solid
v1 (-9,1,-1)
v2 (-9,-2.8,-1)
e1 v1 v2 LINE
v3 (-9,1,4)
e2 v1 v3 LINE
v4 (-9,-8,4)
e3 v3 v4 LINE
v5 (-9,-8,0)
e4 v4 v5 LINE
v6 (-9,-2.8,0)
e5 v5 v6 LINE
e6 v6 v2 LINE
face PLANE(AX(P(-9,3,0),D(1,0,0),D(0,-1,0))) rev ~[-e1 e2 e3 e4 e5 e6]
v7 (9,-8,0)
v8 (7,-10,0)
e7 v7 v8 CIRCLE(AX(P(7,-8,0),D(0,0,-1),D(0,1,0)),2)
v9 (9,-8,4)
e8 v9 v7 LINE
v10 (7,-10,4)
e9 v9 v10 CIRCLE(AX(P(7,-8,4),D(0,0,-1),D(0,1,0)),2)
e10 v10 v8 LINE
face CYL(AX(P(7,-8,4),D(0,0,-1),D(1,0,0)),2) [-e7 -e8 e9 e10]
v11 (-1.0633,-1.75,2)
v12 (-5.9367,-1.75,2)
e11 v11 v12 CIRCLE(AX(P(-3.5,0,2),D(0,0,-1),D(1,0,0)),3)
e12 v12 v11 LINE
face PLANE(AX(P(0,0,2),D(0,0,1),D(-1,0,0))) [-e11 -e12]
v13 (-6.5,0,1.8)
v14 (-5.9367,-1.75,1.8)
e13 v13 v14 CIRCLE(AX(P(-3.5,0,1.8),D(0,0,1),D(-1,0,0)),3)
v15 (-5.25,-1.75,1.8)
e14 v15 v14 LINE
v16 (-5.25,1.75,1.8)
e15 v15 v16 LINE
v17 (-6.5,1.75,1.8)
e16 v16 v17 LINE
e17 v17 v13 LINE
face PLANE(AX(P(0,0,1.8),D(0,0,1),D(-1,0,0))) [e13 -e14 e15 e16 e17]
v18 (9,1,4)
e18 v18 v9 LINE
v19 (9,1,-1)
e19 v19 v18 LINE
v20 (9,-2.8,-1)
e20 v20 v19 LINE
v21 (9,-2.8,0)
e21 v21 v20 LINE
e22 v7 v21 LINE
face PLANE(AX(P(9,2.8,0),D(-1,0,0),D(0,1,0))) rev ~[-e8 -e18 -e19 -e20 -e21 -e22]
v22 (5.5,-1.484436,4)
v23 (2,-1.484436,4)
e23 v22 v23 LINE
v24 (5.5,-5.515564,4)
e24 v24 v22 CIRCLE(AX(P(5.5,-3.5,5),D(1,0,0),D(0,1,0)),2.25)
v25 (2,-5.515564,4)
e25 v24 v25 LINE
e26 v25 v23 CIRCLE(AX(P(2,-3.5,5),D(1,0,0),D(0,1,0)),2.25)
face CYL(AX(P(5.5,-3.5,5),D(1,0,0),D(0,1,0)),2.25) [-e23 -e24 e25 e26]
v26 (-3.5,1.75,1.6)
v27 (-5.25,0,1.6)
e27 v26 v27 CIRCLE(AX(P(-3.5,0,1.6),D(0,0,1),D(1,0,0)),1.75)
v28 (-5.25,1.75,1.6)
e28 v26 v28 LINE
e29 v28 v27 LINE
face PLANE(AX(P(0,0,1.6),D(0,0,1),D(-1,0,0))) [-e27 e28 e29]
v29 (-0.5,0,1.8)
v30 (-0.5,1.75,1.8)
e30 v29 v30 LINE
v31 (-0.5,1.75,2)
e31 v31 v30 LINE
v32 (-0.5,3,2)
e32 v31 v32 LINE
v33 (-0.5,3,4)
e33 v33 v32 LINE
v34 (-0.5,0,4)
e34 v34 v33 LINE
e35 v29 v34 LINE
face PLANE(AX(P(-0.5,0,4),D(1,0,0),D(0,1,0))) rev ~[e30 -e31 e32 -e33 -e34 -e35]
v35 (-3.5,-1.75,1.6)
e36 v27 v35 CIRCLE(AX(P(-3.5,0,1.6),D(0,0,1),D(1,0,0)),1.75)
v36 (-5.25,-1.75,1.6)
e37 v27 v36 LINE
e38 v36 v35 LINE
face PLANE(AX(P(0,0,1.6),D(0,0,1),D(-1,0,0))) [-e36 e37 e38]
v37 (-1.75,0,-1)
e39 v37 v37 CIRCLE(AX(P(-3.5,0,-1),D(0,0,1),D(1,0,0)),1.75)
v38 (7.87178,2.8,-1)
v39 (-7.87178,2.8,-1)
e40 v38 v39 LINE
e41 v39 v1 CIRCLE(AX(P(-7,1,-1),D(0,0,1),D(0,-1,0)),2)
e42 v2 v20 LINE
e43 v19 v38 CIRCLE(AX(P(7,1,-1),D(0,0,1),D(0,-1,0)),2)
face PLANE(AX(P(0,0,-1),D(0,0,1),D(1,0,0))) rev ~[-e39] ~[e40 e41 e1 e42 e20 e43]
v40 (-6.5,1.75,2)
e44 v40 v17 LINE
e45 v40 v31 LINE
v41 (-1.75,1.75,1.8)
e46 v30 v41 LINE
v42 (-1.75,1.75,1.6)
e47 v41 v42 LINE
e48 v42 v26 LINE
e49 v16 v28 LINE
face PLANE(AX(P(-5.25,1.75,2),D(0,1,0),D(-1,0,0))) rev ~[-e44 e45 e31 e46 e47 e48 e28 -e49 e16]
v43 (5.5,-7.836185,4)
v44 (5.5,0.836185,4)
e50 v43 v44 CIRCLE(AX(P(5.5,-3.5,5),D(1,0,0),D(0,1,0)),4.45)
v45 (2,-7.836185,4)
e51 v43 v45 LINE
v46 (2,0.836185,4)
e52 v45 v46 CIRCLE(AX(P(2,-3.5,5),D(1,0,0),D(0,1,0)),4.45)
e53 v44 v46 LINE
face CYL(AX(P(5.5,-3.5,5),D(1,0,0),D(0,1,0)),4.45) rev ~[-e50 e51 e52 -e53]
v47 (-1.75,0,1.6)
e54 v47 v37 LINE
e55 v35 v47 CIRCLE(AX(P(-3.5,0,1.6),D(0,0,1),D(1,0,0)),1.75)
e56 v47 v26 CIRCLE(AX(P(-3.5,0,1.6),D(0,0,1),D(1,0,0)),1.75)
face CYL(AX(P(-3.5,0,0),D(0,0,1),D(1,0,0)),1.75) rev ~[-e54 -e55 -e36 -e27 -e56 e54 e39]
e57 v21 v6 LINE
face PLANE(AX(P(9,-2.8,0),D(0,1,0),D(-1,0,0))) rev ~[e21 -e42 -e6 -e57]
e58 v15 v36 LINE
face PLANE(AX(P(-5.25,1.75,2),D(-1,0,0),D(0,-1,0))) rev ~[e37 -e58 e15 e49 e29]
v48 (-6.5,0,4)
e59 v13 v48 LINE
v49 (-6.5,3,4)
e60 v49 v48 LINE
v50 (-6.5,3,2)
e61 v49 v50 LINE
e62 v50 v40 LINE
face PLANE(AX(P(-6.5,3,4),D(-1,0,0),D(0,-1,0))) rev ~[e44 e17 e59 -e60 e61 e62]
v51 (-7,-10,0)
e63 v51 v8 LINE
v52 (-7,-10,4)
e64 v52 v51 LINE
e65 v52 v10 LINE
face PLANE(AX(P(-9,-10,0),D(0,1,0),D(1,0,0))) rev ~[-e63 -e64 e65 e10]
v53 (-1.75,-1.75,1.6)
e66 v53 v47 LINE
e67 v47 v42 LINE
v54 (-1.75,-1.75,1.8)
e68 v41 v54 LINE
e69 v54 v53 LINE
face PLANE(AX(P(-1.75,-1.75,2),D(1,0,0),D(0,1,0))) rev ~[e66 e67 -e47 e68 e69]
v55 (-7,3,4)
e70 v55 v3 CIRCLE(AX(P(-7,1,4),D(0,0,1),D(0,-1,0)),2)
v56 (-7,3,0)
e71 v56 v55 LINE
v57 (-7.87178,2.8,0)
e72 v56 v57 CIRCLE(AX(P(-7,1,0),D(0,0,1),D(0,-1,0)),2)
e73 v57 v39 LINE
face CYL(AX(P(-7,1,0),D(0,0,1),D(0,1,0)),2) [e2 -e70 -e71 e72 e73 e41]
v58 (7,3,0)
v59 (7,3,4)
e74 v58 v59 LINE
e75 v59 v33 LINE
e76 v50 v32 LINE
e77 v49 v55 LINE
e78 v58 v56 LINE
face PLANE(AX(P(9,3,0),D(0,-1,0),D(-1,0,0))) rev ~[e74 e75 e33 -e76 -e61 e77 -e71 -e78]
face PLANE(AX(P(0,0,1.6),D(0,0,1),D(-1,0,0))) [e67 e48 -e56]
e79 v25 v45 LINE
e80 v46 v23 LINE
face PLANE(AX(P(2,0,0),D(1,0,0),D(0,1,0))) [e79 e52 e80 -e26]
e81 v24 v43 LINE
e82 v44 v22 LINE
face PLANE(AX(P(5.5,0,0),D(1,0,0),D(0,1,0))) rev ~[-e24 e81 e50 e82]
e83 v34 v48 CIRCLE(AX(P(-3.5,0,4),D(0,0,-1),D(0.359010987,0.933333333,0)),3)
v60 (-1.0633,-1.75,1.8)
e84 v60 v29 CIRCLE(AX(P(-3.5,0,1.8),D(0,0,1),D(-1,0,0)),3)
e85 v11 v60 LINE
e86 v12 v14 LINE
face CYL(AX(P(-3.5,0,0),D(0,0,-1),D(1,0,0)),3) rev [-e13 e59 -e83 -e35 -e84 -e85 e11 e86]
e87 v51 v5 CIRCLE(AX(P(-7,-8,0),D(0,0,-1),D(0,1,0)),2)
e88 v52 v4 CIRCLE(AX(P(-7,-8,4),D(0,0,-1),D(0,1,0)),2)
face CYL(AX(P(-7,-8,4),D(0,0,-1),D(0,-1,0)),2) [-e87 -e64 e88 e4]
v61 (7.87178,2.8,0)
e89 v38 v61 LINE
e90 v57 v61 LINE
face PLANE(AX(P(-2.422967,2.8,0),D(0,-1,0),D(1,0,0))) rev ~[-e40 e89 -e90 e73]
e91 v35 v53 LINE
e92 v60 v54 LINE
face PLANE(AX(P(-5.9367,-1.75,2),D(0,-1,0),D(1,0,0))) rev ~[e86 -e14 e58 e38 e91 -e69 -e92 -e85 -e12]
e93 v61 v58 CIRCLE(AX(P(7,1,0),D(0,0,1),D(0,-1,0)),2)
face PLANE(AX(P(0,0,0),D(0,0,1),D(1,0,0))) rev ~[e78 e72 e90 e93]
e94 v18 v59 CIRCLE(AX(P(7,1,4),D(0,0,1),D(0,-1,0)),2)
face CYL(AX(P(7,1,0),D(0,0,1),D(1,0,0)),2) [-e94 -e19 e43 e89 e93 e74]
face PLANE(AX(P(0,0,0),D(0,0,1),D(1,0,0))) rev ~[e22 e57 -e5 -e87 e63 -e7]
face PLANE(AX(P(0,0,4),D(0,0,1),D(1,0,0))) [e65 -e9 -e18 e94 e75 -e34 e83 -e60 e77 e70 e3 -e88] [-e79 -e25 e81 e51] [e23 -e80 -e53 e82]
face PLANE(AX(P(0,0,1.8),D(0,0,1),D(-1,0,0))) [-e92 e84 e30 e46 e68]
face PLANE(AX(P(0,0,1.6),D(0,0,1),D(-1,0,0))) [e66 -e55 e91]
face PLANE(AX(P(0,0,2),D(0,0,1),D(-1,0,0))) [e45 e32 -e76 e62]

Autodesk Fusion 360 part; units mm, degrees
sketch "Sketch1" plane through (0, 0, 0) normal (0, 0, 1) x (1, 0, 0)
  line L0 (9, 3) -> (-9, 3)
  line L1 (-9, 3) -> (-9, -10)
  line L2 (-9, -10) -> (9, -10)
  line L3 (9, -10) -> (9, 3)
  circle A0 centre (-3.5, 0) radius 1.75
  circle A1 centre (-3.5, 0) radius 3
  line L4 (9, -2.8) -> (-9, -2.8)
  line L5 (-9, -2.8) -> (-9, 2.8)
  line L6 (-9, 2.8) -> (9, 2.8)
  line L7 (9, 2.8) -> (9, -2.8)
  line L8 (9, -2.8) -> (-9, 2.8) construction
  line L9 (-9, -2.8) -> (9, 2.8) construction
  dimension "d1" = 18
  dimension "d2" = 13
  dimension "d5" = 3.5
  dimension "d6" = 6
  dimension "d9" = 5.6
  dimension "d12" = 3.5
  dimension "d23" = 3
extrude "Extrude1" add sketch "Sketch1" along normal blind 2
extrude "Extrude2" add sketch "Sketch1" along normal blind 4 contours L0 L3 A1 L6 | L0 L1 A1 L6 | L3 A1 L4 L6 L7 | L1 A1 L4 L5 L6 | L1 L2 L3 A1 L4
extrude "Extrude3" add sketch "Sketch1" against normal blind 1 contours L3 A1 L4 L6 L7 | A1 L4 L6 | L1 A1 L4 L5 L6
sketch "Sketch2" plane through (9, 0, 0) normal (1, 0, 0) x (0, 1, 0)
  line L0 (-10, 0) -> (-2.8, 0)
  line L1 (-2.8, 0) -> (-2.8, -1)
  line L2 (-2.8, -1) -> (2.8, -1)
  line L3 (2.8, -1) -> (2.8, 0)
  line L4 (2.8, 0) -> (3, 0)
  line L5 (3, 0) -> (3, 4)
  line L6 (3, 4) -> (-10, 4)
  line L7 (-10, 4) -> (-10, 0)
  circle A0 centre (-3.5, 5) radius 2.25
  circle A1 centre (-3.5, 5) radius 4.45
  line L8 (-10, 0) -> (3, 0)
  line L9 (-3.5, 4) -> (-3.5, 5) construction
  dimension "d13" = 4.5
  dimension "d14" = 2.2
  dimension "d18" = 5
extrude "Extrude4" cut sketch "Sketch2" against normal blind 3.5 from surface at -3.5 contours L6 A0 A1 picked at (-3.7762, 1.3019)
sketch "Sketch3" plane through (0, 0, 4) normal (0, 0, 1) x (-1, 0, 0)
  line L0 (-2, 5.5156) -> (-5.5, 5.5156)
  line L1 (-5.5, 5.5156) -> (-5.5, 7.8362)
  line L2 (-5.5, 7.8362) -> (-2, 7.8362)
  line L3 (-2, 7.8362) -> (-2, 5.5156)
  line L4 (-5.5, 1.4844) -> (-2, 1.4844)
  line L5 (-2, 1.4844) -> (-2, -0.8362)
  line L6 (-2, -0.8362) -> (-5.5, -0.8362)
  line L7 (-5.5, -0.8362) -> (-5.5, 1.4844)
  line L8 (-9, 10) -> (-9, -3)
  line L9 (-9, -3) -> (3.5, -3)
  circle A0 centre (3.5, 0) radius 3
  line L10 (3.5, -3) -> (9, -3)
  line L11 (9, -3) -> (9, 10)
  line L12 (9, 10) -> (-9, 10)
  line L13 (0.5, 0) -> (0.5, -5.3952)
  arc A1 (0.5, -5.3952) -> (6.5, -5.3952) centre (3.5, -5.3952) ccw
  line L14 (6.5, -5.3952) -> (6.5, 0)
  arc A2 (6.5, 0) -> (0.5, 0) centre (3.5, 0) ccw
  line L15 (3.5, 0) -> (3.5, -5.3952) construction
extrude "Extrude5" cut sketch "Sketch3" against normal up to surface (2 mm away) contours L9 A0 L13 | A0 L10 L14
fillet "Fillet1" radius 2 4 edges at (-9, -10, 2) (9, -10, 2) (9, 3, 2) (-9, 3, 2)
sketch "Sketch4" plane through (0, 0, 2) normal (0, 0, 1) x (-1, 0, 0)
  arc A0 (6.5, 0) -> (0.5, 0) centre (3.5, 0) ccw
  line L0 (0.5, 0) -> (0.5, -3)
  line L1 (0.5, -3) -> (6.5, -3)
  line L2 (6.5, -3) -> (6.5, 0)
  circle A1 centre (3.5, 0) radius 1.75 construction
  line L3 (0.5, -1.75) -> (6.5, -1.75)
  line L4 (5.25, -1.75) -> (5.25, 1.75)
  line L5 (5.9367, 1.75) -> (1.0633, 1.75)
  line L6 (1.75, 1.75) -> (1.75, -1.75)
  line L7 (1.75, -1.75) -> (5.25, 1.75) construction
  line L8 (5.25, -1.75) -> (1.75, 1.75) construction
  point P0 (3.5, 0)
extrude "Extrude6" cut sketch "Sketch4" against normal blind 0.2 contours A0 L2 L3 L4 L5 | A0 L0 L3 L5 L6 | L3 L4 L5 L6
extrude "Extrude7" cut sketch "Sketch4" against normal blind 0.4 contours L3 L4 L5 L6
